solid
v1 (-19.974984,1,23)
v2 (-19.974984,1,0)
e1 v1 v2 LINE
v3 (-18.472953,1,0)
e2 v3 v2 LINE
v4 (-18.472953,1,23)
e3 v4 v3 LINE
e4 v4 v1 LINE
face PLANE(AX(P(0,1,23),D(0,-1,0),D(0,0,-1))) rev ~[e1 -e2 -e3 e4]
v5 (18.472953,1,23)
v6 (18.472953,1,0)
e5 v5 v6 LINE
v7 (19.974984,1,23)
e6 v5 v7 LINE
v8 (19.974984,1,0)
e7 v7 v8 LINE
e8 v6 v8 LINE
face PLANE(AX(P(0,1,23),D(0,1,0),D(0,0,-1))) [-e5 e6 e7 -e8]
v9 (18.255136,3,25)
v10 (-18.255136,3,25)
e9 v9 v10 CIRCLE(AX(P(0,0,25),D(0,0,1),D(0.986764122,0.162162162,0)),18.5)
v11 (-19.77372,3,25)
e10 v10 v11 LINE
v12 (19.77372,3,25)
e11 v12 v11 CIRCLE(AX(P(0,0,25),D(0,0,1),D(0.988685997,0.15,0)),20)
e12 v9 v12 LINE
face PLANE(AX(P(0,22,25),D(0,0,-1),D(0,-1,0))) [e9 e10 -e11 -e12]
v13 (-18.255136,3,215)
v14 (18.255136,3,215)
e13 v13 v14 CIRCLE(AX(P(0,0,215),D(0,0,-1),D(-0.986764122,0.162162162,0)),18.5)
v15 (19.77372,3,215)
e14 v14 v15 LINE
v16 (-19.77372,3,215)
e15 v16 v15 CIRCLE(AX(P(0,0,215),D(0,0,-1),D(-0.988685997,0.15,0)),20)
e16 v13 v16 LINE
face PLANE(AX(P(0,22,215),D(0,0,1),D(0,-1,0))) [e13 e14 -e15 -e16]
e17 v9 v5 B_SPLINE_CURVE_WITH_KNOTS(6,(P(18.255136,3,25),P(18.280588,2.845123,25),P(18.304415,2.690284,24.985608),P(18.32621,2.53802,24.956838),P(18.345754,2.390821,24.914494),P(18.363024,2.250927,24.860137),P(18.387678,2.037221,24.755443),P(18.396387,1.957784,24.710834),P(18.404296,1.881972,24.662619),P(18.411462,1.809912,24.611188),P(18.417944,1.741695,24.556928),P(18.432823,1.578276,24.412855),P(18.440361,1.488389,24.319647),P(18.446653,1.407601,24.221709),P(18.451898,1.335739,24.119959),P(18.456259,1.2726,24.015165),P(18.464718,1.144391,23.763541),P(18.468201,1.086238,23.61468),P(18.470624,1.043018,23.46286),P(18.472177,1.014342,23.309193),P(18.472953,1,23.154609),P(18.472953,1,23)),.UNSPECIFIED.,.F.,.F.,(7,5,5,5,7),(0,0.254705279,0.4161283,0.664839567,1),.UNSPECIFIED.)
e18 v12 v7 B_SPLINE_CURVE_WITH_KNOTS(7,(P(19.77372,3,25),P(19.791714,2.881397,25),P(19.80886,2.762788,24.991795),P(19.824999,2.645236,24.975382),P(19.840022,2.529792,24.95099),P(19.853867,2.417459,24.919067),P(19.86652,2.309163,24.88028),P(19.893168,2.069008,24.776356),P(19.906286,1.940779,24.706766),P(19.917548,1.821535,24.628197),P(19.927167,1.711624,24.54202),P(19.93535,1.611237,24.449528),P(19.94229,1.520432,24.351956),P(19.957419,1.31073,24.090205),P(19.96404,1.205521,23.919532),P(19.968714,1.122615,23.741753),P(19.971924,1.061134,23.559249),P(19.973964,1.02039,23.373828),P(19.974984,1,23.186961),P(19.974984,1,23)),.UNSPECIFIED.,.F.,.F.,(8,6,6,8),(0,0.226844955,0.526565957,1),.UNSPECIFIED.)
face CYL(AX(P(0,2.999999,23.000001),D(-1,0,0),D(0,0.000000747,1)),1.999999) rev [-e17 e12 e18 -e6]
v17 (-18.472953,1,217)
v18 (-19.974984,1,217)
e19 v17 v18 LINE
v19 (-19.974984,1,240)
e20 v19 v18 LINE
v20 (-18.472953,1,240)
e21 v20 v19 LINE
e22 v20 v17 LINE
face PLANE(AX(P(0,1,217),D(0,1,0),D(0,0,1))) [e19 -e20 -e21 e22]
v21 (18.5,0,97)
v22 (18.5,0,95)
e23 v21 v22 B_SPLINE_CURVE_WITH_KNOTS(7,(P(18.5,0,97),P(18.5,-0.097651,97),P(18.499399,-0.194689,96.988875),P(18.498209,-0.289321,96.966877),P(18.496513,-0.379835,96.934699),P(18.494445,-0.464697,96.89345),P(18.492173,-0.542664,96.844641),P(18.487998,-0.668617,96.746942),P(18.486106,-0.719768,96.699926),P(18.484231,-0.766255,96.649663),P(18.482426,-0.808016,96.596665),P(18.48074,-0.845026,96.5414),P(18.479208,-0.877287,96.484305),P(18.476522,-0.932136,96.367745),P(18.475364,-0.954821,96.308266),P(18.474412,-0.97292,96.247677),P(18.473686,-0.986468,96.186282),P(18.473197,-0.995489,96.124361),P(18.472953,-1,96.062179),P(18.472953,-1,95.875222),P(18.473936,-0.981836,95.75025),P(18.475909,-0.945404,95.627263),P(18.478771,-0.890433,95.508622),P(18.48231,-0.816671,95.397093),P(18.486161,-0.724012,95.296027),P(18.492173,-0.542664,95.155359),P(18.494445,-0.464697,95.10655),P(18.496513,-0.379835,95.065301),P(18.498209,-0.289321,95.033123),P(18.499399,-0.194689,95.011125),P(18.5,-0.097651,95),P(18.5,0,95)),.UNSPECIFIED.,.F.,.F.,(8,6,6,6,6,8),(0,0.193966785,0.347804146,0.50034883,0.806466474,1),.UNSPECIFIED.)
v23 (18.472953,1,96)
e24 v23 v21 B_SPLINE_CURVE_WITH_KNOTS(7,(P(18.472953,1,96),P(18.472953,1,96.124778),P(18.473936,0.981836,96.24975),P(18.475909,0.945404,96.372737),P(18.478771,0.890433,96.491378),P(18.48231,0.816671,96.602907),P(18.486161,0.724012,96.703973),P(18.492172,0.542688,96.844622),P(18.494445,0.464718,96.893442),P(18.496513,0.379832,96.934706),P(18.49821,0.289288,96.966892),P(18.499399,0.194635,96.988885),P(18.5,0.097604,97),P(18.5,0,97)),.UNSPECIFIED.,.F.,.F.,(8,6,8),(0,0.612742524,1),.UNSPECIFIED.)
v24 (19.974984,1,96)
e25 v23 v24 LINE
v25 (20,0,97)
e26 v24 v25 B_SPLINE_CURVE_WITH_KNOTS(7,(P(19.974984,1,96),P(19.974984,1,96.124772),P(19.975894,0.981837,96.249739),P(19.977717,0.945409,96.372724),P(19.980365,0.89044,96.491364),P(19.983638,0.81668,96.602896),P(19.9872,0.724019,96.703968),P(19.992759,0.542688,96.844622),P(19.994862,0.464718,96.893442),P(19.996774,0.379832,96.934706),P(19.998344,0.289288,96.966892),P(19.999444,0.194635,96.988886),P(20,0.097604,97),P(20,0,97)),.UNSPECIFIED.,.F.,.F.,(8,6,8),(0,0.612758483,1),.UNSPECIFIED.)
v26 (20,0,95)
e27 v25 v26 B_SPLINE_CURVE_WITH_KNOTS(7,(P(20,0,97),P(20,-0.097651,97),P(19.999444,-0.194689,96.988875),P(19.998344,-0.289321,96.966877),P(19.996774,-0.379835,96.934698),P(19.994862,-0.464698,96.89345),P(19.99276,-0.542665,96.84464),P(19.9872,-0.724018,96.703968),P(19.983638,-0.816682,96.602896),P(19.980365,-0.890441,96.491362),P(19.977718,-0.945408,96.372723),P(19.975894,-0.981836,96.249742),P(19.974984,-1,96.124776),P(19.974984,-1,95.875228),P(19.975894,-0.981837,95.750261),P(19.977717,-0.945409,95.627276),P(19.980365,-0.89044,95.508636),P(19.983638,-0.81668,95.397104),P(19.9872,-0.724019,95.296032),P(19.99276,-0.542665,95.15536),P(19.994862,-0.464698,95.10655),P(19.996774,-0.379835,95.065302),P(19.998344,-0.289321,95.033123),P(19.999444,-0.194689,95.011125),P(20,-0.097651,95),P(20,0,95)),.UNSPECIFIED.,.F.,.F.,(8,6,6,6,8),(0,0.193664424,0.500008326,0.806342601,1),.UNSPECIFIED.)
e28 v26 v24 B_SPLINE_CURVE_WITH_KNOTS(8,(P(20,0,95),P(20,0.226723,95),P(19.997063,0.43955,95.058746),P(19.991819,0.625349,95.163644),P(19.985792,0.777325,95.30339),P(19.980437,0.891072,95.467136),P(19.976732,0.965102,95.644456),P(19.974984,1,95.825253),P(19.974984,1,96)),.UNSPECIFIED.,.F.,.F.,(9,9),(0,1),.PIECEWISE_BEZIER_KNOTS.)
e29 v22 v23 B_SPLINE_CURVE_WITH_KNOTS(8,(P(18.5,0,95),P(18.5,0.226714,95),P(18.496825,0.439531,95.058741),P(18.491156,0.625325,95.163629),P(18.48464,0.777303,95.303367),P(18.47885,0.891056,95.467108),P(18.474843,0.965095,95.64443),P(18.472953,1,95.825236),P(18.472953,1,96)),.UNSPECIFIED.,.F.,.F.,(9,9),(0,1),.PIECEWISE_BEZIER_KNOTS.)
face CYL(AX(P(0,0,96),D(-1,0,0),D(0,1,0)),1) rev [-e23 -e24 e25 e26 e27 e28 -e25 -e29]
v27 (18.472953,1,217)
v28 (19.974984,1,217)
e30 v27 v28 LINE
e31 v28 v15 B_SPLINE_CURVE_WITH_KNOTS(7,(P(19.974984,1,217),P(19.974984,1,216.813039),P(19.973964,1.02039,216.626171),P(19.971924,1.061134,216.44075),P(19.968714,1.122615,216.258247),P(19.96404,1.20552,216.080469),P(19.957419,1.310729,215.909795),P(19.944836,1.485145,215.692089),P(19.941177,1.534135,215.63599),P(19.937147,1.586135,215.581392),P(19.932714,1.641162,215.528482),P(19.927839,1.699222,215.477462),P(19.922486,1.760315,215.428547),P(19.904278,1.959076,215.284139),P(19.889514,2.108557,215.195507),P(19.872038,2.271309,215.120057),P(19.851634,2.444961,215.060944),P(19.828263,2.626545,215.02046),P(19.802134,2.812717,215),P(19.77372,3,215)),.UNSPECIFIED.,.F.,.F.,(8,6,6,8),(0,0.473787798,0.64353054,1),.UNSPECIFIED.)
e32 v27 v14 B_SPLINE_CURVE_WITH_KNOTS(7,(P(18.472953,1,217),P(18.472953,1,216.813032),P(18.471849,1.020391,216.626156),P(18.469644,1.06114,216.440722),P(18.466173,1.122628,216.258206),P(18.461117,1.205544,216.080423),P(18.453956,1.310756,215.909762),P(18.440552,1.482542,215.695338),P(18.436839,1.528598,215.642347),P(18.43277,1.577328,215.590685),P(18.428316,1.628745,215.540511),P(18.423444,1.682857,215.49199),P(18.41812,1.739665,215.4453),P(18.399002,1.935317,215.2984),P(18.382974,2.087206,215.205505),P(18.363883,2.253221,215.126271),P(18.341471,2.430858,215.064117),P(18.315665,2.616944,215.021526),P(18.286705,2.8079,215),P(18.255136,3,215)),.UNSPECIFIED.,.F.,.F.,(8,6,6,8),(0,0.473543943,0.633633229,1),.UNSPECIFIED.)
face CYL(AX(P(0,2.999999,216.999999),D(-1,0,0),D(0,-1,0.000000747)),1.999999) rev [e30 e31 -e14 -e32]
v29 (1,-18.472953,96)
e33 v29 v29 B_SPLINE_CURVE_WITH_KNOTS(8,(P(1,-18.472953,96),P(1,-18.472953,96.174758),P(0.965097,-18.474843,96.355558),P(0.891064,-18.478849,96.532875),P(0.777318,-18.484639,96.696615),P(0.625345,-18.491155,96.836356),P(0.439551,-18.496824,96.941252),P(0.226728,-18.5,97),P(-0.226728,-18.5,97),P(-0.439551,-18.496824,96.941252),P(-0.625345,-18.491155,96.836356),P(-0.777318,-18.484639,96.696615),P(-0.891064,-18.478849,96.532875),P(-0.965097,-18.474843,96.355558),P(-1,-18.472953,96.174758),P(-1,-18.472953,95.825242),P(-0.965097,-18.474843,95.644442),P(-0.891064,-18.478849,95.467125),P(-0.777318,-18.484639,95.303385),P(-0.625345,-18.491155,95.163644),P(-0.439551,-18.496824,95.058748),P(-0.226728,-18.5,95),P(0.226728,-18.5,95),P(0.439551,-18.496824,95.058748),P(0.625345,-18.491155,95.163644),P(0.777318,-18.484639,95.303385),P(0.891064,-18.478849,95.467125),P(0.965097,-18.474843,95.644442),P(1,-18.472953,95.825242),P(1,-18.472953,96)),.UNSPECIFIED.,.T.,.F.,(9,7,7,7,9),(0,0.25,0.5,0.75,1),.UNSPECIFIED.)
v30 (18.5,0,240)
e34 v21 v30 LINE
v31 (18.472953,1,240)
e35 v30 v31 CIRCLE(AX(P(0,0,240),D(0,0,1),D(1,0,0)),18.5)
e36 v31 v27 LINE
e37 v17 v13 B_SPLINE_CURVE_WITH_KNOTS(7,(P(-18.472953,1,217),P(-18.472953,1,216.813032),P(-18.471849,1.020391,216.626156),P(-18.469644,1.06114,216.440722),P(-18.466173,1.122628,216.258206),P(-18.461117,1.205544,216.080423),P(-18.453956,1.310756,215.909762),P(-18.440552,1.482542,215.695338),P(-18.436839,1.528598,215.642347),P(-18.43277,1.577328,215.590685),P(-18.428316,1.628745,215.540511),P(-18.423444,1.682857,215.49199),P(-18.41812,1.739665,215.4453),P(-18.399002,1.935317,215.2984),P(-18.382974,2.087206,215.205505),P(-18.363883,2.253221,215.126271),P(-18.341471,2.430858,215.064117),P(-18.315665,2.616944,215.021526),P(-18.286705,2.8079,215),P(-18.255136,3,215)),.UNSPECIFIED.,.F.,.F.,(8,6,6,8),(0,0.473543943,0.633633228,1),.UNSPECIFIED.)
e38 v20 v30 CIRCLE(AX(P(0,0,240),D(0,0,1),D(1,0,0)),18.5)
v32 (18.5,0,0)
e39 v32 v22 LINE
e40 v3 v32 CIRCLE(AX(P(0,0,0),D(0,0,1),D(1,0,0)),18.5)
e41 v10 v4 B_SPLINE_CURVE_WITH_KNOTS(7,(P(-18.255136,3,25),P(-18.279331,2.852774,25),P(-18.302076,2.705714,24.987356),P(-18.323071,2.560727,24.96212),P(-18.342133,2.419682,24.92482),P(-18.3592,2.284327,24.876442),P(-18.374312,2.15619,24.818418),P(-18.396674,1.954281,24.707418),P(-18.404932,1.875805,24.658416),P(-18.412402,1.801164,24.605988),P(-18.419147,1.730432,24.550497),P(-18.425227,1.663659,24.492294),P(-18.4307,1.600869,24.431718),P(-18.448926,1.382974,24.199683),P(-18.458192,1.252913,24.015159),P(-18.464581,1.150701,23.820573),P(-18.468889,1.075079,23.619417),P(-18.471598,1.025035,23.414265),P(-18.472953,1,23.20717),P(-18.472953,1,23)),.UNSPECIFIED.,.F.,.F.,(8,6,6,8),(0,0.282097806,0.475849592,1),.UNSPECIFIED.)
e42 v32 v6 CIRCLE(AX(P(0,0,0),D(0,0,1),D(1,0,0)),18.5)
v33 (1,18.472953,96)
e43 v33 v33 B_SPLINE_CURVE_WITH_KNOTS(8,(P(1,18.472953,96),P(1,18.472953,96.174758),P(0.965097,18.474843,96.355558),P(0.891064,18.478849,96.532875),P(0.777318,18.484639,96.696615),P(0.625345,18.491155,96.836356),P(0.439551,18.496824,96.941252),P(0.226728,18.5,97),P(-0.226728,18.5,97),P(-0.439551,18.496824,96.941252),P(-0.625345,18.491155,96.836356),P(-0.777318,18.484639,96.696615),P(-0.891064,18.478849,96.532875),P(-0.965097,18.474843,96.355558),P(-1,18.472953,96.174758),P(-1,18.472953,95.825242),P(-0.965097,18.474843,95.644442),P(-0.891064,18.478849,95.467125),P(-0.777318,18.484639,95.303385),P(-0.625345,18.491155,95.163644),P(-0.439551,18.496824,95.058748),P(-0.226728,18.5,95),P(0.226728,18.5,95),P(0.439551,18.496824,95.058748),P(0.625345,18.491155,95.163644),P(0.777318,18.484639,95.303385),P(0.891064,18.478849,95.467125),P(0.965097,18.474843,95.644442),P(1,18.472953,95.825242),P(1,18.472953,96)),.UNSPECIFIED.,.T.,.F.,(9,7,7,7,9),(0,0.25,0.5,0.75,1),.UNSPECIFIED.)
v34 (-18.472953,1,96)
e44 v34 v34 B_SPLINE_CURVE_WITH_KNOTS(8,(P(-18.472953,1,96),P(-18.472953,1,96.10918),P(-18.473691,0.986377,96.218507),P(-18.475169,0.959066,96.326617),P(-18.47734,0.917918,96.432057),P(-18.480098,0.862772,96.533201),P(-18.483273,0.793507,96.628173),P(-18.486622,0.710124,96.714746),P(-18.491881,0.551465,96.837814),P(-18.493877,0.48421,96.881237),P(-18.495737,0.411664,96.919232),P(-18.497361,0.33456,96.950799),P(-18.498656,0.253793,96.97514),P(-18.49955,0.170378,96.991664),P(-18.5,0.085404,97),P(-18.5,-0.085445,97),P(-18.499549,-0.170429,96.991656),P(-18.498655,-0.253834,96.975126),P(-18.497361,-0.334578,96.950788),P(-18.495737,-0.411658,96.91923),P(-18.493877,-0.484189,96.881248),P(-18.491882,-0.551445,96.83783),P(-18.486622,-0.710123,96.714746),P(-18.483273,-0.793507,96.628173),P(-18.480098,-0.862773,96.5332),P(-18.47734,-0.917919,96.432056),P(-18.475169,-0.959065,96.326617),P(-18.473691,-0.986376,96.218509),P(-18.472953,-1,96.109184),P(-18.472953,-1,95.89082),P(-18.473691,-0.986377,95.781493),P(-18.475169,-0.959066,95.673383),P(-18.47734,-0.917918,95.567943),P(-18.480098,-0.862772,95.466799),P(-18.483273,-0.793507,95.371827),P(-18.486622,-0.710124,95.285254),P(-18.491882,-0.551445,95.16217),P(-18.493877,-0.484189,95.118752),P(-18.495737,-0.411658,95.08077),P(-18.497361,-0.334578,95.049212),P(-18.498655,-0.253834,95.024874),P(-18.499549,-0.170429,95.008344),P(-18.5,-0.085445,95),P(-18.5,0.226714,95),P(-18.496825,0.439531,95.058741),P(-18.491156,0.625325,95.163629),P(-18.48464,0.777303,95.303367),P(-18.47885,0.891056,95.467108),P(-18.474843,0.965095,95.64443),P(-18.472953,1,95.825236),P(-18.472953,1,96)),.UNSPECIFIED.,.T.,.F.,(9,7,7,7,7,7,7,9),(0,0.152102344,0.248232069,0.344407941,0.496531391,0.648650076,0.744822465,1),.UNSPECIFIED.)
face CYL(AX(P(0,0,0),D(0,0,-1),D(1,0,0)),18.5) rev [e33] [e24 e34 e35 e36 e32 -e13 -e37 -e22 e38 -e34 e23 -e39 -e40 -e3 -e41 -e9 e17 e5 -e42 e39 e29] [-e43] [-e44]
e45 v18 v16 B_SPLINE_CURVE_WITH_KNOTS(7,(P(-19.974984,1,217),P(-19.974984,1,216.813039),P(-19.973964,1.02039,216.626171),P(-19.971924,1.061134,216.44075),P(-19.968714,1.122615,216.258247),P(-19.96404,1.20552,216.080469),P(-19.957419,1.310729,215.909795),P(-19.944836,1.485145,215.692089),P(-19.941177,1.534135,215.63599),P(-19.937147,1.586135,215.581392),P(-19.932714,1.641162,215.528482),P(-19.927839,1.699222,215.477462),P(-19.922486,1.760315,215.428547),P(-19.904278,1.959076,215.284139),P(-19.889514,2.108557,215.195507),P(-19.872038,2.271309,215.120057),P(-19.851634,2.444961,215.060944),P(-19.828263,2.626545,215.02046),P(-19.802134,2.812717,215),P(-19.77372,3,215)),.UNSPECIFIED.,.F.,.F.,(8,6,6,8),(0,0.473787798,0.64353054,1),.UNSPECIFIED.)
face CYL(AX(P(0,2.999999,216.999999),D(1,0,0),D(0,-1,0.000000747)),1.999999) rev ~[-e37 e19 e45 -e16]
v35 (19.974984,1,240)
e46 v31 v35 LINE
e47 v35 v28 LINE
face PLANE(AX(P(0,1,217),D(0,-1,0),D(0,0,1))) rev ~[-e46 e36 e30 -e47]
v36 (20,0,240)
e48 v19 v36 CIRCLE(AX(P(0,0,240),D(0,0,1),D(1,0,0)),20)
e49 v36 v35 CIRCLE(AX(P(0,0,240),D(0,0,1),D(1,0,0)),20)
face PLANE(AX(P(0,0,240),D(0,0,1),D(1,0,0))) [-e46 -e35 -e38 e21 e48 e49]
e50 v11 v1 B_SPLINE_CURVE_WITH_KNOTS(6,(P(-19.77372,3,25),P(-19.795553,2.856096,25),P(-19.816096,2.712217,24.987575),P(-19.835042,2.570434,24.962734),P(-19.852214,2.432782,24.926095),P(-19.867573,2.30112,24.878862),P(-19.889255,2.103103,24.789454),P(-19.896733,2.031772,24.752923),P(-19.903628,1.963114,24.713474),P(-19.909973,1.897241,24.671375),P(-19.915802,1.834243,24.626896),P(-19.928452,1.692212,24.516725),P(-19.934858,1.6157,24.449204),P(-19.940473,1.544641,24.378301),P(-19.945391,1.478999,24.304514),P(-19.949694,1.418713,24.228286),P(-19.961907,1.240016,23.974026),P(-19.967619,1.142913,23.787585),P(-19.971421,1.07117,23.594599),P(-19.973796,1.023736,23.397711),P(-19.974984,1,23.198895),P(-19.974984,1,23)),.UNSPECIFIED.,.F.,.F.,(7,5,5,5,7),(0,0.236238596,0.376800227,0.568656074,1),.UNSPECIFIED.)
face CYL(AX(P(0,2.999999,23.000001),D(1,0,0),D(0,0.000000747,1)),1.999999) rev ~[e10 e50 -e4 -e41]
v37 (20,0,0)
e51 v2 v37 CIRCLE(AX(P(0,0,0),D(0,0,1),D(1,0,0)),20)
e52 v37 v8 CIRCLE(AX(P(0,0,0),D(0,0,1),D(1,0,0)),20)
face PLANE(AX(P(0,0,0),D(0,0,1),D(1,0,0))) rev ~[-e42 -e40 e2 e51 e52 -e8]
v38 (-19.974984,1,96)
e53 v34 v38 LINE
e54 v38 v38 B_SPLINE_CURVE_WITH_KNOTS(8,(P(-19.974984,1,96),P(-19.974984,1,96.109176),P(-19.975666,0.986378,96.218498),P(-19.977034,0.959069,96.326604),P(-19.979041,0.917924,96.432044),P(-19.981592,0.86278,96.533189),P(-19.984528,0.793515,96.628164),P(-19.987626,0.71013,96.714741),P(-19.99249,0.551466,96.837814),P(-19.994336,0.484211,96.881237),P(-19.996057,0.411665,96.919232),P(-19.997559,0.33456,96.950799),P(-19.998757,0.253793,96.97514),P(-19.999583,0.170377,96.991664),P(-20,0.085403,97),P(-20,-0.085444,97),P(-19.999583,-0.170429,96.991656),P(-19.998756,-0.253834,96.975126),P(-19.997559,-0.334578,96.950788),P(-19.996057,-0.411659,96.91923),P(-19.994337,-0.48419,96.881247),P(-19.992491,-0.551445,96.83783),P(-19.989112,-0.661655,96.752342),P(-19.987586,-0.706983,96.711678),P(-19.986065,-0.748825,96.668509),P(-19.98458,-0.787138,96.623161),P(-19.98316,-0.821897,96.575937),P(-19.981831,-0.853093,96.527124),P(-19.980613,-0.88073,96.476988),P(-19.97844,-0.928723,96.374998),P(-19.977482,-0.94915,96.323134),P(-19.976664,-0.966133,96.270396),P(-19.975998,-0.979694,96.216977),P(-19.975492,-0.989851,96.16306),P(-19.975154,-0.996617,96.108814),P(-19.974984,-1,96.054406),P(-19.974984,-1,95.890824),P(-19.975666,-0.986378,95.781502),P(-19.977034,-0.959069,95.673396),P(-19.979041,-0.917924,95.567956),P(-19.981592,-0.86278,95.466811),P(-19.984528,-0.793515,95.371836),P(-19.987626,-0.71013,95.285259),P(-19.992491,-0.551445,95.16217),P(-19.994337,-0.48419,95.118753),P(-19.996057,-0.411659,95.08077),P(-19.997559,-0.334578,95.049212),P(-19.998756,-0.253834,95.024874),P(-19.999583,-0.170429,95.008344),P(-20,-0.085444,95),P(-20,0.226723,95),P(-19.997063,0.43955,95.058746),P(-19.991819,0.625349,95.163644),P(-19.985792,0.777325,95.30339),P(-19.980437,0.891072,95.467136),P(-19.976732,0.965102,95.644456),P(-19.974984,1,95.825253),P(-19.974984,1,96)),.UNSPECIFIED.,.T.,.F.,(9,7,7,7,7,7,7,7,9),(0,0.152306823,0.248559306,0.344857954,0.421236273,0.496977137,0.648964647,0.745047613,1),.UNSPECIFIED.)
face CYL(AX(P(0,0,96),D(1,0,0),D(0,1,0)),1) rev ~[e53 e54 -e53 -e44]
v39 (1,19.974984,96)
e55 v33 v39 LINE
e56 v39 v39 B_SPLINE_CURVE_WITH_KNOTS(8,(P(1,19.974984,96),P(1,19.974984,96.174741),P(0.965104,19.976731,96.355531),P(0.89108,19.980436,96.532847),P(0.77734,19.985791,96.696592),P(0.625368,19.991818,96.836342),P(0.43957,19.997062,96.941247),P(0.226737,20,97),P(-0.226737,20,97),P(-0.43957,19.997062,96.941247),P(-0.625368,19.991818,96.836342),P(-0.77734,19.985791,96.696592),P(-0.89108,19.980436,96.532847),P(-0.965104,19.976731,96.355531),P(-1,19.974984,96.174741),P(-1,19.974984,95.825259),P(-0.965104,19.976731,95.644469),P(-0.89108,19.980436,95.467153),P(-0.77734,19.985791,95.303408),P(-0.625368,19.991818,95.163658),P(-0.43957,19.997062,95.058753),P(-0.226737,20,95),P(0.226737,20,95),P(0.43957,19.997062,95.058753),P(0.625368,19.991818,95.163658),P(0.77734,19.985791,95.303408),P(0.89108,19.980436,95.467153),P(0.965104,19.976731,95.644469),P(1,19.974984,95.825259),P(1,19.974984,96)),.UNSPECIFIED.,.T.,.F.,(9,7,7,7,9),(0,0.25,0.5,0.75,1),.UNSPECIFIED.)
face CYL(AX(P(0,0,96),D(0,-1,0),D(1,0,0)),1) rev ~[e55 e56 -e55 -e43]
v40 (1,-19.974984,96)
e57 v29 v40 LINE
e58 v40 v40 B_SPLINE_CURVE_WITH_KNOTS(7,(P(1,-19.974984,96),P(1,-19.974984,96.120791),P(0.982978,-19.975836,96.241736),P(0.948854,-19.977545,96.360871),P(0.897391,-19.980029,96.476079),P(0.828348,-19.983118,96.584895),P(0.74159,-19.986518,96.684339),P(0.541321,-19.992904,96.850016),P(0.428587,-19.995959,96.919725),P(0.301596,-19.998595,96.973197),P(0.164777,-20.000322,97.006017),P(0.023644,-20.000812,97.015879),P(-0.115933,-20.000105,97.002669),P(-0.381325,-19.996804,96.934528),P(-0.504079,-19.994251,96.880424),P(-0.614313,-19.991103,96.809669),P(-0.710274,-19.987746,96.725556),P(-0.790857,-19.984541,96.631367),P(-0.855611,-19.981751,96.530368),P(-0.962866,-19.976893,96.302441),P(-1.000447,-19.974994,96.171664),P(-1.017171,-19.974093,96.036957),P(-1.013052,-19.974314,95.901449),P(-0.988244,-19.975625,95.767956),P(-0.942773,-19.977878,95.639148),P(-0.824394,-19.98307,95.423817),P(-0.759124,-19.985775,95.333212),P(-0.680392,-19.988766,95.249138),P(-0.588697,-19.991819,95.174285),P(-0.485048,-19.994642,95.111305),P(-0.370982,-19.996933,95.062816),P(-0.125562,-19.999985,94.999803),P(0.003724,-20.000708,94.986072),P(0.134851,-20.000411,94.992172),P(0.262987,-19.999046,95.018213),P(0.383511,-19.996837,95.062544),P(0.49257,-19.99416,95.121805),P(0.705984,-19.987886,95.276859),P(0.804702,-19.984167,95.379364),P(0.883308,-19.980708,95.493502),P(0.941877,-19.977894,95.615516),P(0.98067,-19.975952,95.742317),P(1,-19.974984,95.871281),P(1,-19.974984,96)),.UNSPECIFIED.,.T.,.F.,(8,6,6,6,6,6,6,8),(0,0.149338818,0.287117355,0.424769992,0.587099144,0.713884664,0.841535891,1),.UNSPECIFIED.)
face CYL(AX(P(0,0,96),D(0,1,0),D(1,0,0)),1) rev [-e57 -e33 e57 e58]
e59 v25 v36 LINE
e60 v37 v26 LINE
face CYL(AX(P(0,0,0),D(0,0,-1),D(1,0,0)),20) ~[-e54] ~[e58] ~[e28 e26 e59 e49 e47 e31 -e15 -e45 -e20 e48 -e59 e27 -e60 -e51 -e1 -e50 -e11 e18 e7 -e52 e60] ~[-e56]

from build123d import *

# Parameters (mm, degrees)
SKETCH_R             = 20
SKETCH_R_2           = 18.5
PAD_DEPTH            = 240
SKETCH007_R          = 1
POCKET_DEPTH         = 20.001
POCKET_DEPTH_BACK    = 20.001
SKETCH008_R          = 1
POCKET001_DEPTH      = 20.001
POCKET001_DEPTH_BACK = -20.001


with BuildPart() as part:
    # Sketch → Pad (new body)
    with BuildSketch(Plane.XY):
        Circle(SKETCH_R)
        Circle(SKETCH_R_2, mode=Mode.SUBTRACT)
    extrude(amount=PAD_DEPTH)

    # Sketch007 → Pocket (cut, two sides)
    with BuildSketch(Plane.YZ) as pocket_sk:
        with Locations((0, 96)):
            Circle(SKETCH007_R)
        with BuildLine():
            Line((1, 0), (22, 0))
            Line((22, 0), (22, 25))
            Line((22, 25), (3, 25))
            ThreePointArc((3, 25), (1.585786, 24.414214), (1, 23))
            Line((1, 23), (1, 0))
        make_face()
        with BuildLine():
            Line((1, 240), (22, 240))
            Line((22, 240), (22, 215))
            Line((22, 215), (3, 215))
            ThreePointArc((1, 217), (1.585786, 215.585786), (3, 215))
            Line((1, 217), (1, 240))
        make_face()
    extrude(amount=POCKET_DEPTH, mode=Mode.SUBTRACT)
    extrude(pocket_sk.sketch, amount=-POCKET_DEPTH_BACK, mode=Mode.SUBTRACT)

    # Sketch008 → Pocket001 (cut, two sides)
    with BuildSketch(Plane.XZ) as pocket001_sk:
        with Locations((0, 96)):
            Circle(SKETCH008_R)
    extrude(amount=-POCKET001_DEPTH, mode=Mode.SUBTRACT)
    extrude(pocket001_sk.sketch, amount=-POCKET001_DEPTH_BACK, mode=Mode.SUBTRACT)


solid = part.part
